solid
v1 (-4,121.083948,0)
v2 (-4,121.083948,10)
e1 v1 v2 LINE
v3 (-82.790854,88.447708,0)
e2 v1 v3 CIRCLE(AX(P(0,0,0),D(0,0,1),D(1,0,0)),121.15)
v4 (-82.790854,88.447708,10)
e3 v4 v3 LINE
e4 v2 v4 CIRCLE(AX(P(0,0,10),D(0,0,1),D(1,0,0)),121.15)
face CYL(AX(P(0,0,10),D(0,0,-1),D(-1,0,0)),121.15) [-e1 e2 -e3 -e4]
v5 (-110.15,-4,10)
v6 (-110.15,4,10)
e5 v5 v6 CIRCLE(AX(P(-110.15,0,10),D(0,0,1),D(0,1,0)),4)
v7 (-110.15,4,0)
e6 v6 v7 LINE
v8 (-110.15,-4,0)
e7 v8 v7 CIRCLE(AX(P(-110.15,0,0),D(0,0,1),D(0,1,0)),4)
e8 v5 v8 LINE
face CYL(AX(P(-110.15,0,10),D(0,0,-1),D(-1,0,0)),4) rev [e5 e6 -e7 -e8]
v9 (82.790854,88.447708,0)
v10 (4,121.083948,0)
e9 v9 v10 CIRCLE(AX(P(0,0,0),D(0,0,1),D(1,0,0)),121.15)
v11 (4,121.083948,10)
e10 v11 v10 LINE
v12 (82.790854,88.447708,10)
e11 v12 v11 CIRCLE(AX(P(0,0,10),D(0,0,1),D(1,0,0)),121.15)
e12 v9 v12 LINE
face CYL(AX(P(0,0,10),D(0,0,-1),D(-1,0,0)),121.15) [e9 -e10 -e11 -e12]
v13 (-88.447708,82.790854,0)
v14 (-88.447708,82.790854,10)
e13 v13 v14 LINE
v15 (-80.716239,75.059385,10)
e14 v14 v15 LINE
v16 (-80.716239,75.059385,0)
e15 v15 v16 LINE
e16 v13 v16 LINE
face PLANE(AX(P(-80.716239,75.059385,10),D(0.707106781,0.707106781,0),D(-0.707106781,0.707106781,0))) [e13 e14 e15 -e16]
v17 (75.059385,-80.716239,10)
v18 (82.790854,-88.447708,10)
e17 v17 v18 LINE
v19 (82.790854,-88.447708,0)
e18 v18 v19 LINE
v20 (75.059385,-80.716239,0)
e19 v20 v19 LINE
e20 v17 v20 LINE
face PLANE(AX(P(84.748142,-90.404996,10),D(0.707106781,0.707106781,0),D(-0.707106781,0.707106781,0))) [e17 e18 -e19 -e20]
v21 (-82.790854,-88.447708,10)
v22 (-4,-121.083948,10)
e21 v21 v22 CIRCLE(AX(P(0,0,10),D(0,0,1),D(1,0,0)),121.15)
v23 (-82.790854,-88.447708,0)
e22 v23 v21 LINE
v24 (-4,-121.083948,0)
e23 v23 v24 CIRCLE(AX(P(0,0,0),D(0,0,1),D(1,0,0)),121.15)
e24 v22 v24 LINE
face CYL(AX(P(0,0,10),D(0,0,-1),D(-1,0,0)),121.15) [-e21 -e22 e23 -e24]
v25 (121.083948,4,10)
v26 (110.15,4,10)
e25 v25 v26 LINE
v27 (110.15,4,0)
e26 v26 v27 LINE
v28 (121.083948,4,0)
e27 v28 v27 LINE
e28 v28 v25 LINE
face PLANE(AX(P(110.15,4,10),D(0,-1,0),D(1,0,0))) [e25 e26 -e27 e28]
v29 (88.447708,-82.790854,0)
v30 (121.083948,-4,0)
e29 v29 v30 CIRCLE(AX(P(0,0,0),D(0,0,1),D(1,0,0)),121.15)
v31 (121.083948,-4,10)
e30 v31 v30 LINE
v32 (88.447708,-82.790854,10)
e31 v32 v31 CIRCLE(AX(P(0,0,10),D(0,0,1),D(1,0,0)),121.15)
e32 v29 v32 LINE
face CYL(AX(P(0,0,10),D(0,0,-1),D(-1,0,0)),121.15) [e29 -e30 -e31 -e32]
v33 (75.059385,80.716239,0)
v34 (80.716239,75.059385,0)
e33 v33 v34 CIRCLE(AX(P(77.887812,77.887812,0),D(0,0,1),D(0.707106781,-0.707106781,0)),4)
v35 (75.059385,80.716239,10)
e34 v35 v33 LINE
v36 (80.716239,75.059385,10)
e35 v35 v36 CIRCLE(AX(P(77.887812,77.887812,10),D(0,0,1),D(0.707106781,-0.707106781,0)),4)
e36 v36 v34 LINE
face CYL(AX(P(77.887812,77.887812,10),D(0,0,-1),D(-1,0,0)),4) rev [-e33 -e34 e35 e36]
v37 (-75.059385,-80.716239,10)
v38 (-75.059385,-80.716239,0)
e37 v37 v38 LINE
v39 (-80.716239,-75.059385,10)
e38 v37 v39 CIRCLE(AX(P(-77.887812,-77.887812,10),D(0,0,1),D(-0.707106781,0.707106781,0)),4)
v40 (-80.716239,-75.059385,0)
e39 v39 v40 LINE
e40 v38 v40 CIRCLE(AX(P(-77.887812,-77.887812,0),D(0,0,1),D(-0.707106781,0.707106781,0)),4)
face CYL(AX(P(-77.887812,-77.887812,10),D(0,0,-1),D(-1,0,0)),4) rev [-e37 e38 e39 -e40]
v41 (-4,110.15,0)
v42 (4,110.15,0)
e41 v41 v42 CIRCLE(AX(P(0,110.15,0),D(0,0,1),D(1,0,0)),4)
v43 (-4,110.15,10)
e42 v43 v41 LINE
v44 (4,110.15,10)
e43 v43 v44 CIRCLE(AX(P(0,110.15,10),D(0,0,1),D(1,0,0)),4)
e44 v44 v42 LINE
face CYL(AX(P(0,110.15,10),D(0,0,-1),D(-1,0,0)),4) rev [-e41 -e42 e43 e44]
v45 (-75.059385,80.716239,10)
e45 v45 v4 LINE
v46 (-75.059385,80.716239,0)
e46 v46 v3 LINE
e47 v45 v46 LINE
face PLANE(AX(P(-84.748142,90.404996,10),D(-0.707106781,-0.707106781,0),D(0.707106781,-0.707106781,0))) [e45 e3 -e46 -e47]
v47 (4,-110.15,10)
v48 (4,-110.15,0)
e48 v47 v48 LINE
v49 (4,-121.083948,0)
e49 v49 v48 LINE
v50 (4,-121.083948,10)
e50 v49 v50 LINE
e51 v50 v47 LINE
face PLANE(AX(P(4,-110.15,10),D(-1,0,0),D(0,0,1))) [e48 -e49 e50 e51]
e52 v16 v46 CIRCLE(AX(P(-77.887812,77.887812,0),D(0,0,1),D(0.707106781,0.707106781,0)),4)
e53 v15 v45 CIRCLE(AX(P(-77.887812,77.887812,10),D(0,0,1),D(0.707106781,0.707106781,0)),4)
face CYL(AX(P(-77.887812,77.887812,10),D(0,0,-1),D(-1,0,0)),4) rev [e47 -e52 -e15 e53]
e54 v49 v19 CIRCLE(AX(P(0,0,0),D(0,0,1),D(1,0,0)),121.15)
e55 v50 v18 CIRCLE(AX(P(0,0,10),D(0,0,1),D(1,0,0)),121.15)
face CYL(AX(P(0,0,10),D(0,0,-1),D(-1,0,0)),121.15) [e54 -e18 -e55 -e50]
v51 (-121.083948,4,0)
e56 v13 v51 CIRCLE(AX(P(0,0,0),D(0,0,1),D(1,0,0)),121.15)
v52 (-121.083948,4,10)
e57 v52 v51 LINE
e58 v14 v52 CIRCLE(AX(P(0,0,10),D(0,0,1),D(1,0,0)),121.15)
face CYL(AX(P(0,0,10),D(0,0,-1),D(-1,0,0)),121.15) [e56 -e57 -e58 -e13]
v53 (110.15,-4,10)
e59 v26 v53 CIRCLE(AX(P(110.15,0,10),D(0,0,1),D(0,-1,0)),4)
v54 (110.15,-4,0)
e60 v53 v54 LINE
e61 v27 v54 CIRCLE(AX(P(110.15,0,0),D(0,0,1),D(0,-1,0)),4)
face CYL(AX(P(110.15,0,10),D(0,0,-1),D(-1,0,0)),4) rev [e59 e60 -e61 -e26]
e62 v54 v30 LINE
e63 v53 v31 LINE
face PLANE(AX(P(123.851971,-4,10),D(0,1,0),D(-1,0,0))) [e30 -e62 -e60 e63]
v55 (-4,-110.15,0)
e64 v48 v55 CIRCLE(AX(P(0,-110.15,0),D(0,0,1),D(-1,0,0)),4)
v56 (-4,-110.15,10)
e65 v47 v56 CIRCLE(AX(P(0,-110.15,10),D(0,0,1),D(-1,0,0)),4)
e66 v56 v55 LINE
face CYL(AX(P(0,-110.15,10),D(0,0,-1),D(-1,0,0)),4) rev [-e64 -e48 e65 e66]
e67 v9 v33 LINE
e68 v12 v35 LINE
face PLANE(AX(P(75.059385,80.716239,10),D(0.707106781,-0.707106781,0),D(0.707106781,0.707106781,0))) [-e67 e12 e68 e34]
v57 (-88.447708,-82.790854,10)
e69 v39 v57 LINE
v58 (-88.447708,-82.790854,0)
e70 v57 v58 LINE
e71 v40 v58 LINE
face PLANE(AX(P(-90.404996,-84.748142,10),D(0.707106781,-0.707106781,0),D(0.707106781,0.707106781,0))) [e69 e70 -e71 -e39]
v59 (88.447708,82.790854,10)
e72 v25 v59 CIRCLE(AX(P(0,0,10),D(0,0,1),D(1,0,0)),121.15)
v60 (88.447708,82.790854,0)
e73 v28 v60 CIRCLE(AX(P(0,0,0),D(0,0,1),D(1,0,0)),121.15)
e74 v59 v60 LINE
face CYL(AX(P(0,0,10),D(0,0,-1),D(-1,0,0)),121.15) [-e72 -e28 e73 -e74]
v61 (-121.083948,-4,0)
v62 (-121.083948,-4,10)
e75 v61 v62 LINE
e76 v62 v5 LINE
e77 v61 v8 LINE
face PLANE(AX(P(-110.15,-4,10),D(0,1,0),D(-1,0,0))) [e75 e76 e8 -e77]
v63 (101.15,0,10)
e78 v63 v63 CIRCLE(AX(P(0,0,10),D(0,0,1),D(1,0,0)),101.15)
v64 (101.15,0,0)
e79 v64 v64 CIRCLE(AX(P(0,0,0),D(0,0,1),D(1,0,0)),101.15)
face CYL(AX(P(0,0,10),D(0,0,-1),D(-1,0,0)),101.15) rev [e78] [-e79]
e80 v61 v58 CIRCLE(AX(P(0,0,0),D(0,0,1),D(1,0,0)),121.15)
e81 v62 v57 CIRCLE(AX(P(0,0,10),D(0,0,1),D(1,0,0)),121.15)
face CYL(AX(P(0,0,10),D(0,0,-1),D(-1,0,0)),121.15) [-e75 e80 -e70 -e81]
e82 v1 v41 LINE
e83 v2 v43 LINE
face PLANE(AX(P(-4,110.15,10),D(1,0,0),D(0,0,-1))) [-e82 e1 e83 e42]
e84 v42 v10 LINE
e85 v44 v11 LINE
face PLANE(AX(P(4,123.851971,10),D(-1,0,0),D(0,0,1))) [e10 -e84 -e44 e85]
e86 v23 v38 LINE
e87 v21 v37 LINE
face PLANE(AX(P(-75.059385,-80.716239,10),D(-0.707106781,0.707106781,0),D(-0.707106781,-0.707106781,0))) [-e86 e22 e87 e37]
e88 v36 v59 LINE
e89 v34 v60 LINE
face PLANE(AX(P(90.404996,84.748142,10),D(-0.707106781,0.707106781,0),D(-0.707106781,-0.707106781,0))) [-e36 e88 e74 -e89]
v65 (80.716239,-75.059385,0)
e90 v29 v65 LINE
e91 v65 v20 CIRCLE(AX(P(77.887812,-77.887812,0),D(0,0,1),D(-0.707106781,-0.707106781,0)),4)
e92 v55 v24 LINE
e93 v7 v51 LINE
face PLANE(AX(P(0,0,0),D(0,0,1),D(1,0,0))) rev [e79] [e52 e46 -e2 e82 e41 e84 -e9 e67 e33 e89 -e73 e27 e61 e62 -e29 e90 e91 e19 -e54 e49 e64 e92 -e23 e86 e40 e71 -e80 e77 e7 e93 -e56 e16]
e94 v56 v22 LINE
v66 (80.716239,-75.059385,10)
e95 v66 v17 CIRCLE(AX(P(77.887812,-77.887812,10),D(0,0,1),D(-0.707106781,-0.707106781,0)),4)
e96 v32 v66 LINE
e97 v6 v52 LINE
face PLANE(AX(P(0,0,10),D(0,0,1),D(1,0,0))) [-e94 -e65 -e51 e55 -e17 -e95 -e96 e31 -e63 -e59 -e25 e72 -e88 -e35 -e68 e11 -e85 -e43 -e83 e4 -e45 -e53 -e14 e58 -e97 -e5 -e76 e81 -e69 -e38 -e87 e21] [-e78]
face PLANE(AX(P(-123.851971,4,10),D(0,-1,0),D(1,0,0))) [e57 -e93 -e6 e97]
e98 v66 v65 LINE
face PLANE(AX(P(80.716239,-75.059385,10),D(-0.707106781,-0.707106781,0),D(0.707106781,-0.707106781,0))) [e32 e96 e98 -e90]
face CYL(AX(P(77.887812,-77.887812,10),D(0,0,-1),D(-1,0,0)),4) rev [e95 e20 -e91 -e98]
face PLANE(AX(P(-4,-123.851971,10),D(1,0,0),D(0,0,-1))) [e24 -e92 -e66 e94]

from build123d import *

# Parameters (mm, degrees)
SKETCH1_R           = 121.15
SKETCH1_R_2         = 101.15
BOSS_EXTRUDE1_DEPTH = 10
CUT_EXTRUDE1_DEPTH  = 10
CIRPATTERN1_COUNT   = 8


with BuildPart() as part:
    # Sketch1 → Boss-Extrude1 (new body)
    with BuildSketch(Plane.XY):
        Circle(SKETCH1_R)
        Circle(SKETCH1_R_2, mode=Mode.SUBTRACT)
    extrude(amount=BOSS_EXTRUDE1_DEPTH)

    # Sketch2 → Cut-Extrude1 (cut)
    with BuildSketch(Plane.XY):
        with BuildLine():
            Line((-4, 110.15), (-4, 123.851971246))
            Line((-4, 123.851971246), (4, 123.851971246))
            Line((4, 123.851971246), (4, 110.15))
            ThreePointArc((4, 110.15), (0, 106.15), (-4, 110.15))
        make_face()
    cut_extrude1 = extrude(amount=CUT_EXTRUDE1_DEPTH, mode=Mode.SUBTRACT)

    # CirPattern1: Cut-Extrude1 ×8 about axis
    cirpattern1_axis = Axis((0, 0, 0), (0, 0, 1))
    for i in range(1, CIRPATTERN1_COUNT):
        add(cut_extrude1.rotate(cirpattern1_axis, i * 360 / CIRPATTERN1_COUNT), mode=Mode.SUBTRACT)


solid = part.part
